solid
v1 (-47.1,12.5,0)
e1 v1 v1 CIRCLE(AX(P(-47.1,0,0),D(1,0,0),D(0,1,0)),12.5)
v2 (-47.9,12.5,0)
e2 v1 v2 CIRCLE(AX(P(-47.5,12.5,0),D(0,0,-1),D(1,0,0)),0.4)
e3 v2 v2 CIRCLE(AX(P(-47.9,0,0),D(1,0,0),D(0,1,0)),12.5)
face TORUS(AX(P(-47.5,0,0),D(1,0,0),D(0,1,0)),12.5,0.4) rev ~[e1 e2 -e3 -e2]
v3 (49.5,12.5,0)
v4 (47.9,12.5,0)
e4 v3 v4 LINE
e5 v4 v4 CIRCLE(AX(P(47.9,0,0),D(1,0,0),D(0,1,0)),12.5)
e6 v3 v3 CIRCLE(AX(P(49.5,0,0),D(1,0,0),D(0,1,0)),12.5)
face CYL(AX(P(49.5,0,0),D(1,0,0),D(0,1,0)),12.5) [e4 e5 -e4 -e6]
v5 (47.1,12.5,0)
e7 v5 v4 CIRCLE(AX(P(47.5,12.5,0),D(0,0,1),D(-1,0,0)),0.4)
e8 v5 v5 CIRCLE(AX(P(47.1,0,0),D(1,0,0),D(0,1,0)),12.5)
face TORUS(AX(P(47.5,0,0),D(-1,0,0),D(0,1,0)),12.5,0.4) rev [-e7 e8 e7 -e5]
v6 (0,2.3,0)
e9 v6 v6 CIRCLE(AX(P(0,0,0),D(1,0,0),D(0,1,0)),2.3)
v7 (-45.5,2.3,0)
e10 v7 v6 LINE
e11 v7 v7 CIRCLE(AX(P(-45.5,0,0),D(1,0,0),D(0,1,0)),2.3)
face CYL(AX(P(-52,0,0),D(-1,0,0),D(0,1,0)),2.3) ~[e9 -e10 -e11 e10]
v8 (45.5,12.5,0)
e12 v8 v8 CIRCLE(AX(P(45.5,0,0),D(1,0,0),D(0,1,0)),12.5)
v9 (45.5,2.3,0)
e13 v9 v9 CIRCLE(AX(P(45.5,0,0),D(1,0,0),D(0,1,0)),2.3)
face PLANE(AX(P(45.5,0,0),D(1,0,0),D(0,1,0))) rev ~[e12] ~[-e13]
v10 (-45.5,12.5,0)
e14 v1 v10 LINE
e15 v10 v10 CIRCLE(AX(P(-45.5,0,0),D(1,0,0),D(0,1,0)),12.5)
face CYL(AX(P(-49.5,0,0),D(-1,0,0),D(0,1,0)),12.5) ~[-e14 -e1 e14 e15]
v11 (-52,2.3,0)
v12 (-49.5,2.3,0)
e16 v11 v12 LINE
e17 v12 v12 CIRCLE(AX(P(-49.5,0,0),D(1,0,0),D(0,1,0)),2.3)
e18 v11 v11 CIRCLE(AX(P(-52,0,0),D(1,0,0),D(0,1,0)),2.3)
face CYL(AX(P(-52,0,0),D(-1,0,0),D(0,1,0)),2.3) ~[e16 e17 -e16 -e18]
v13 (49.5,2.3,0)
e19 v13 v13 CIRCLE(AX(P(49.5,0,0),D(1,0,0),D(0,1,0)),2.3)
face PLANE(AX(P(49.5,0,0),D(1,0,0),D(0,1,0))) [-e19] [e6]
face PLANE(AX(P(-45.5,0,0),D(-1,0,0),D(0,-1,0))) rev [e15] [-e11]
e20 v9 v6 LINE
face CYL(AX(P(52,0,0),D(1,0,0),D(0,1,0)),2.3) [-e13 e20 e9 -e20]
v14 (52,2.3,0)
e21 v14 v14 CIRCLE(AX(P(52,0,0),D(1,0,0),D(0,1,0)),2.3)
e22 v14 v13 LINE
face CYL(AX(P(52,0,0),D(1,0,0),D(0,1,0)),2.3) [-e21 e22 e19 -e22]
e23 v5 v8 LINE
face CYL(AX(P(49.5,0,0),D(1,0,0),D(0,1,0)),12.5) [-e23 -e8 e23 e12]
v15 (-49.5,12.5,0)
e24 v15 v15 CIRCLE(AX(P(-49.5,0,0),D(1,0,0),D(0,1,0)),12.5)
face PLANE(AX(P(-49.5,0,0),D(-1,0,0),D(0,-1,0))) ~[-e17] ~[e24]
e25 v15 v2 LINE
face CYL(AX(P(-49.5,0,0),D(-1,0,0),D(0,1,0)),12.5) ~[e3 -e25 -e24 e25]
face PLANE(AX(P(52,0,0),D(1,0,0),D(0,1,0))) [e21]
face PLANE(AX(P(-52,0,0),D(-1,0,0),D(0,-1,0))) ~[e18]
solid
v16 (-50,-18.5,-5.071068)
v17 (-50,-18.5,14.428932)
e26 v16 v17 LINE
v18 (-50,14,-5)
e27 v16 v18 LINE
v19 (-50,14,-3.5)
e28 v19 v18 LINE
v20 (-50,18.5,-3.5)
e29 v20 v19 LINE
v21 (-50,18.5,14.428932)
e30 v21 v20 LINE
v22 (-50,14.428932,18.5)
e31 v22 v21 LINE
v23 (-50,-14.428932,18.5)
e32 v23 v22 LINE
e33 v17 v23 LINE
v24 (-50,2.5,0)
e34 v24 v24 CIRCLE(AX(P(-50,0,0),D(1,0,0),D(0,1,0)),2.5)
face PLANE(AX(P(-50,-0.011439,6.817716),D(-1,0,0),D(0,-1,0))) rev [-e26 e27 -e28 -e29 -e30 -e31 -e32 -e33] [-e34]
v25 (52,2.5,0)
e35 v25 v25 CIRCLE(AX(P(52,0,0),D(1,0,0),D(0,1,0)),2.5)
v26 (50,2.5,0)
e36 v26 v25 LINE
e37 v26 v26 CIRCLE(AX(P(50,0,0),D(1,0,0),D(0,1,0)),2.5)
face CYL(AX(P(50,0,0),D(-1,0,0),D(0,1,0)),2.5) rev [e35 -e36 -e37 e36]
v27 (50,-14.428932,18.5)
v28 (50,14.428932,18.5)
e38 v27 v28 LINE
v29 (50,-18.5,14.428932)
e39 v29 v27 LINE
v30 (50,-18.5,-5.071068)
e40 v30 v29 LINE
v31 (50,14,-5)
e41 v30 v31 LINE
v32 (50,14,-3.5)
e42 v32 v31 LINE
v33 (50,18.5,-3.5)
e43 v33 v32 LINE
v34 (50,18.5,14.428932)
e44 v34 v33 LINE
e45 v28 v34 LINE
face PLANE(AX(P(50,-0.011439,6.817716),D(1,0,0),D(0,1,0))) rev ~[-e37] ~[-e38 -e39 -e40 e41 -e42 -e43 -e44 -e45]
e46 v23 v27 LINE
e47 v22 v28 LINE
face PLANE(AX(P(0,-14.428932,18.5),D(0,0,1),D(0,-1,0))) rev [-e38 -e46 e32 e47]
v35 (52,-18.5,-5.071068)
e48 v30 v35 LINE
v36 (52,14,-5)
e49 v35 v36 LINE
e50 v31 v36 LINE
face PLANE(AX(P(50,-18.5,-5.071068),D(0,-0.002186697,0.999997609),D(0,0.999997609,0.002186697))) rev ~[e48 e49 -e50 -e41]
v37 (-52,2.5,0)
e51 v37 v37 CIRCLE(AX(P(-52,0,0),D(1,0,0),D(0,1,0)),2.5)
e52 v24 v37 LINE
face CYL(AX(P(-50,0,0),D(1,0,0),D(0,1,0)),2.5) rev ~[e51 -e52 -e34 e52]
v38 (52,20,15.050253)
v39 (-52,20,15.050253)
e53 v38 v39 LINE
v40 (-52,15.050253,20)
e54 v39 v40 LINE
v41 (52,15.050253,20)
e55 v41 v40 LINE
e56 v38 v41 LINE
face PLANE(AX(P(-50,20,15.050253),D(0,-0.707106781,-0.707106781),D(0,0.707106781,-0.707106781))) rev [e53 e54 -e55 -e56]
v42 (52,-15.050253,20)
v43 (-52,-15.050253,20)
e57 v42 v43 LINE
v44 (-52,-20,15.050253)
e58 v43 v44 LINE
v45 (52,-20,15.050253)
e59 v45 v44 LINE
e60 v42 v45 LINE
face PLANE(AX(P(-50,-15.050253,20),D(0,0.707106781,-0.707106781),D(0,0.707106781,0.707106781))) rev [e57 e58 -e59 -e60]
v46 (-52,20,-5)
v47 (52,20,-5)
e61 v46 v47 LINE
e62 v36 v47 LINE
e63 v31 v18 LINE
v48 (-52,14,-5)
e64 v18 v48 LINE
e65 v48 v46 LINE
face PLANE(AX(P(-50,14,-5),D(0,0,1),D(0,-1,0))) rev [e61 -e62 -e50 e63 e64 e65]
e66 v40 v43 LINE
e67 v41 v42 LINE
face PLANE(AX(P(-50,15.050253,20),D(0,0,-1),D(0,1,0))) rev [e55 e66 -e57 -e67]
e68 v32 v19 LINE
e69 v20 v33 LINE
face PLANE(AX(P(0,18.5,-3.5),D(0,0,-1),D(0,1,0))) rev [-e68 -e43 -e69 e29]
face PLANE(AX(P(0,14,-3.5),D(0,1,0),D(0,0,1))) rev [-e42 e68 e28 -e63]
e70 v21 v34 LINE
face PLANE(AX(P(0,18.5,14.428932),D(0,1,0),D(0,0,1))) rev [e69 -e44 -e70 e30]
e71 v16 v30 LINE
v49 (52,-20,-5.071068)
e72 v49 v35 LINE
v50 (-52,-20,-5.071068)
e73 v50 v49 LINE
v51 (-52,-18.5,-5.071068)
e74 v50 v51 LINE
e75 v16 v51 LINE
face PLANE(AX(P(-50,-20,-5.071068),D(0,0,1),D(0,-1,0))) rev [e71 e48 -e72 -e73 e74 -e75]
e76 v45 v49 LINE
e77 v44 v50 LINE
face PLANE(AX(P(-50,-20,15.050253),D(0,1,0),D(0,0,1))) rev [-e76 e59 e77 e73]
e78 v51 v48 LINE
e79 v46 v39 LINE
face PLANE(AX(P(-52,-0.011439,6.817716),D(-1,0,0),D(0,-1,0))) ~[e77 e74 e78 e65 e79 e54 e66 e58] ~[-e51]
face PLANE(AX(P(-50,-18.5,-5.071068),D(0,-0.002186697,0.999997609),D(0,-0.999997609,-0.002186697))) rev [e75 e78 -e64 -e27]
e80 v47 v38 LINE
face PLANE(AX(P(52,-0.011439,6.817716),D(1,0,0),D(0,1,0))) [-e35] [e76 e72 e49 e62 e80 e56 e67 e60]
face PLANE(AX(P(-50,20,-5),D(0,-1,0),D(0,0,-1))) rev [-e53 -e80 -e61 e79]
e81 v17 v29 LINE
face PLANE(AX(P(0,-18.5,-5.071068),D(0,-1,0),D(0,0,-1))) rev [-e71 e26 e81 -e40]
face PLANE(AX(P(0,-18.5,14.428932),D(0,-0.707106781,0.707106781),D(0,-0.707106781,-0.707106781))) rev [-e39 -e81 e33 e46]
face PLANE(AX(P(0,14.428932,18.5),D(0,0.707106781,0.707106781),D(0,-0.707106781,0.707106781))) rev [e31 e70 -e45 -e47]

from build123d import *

# Parameters (mm, degrees)
F1_DEPTH = 50
F2_R     = 2.5
F3_DEPTH = 2
F4_R     = 2.3
F5_DEPTH = 52
F7_R     = 12.5
F8_DEPTH = 4


with BuildPart() as f1:
    # F0 (on Right) → F1 (new body)
    with BuildSketch(Plane.YZ):
        Polygon((15.0502525317, 20), (0, 20), (-15.0502525317, 20), (-20, 15.0502525317), (-20, -5.0710678119), (-18.5, -5.0710678119), (-18.5, 14.4289321881), (-14.4289321881, 18.5), (0.0710678119, 18.5), (14.4289321881, 18.5), (18.5, 14.4289321881), (18.5, -3.5), (14, -3.5), (14, -5), (20, -5), (20, 15.0502525317), align=None)
    extrude(amount=F1_DEPTH)

    # F2 (on face) → F3 (join)
    with BuildSketch(Plane.YZ.offset(50)):
        Polygon((-20, 15.0502525317), (-20, -5.0710678119), (-18.5, -5.0710678119), (14, -5), (20, -5), (20, 15.0502525317), (15.0502525317, 20), (0, 20), (-15.0502525317, 20), align=None)
        Circle(F2_R, mode=Mode.SUBTRACT)
    extrude(amount=F3_DEPTH)

    # F14: F1 across plane


with BuildPart() as f5:
    # F4 (on face) → F5 (new body)
    with BuildSketch(Plane.YZ.offset(52)):
        Circle(F4_R)
    extrude(amount=-F5_DEPTH)

    # F7 (on offset) → F8 (join)
    with BuildSketch(Plane.YZ.offset(49.5)):
        Circle(F7_R)
    extrude(amount=-F8_DEPTH)

    # F10 (on offset) → F13 (revolve, cut)
    with BuildSketch(Plane.XY):
        with BuildLine():
            Line((47.9, 12.5), (47.1, 12.5))
            ThreePointArc((47.1, 12.5), (47.5, 12.1), (47.9, 12.5))
        make_face()
    revolve(axis=Axis((21.459730342, 0, 0), (1, 0, 0)), mode=Mode.SUBTRACT)

    # F15: F5 across plane


with BuildPart() as f1_1:
    add(f1.part)
    add(f1.part.mirror(Plane.YZ))


with BuildPart() as f5_1:
    add(f5.part)
    add(f5.part.mirror(Plane.YZ))


solid = Compound([f1_1.part, f5_1.part])
